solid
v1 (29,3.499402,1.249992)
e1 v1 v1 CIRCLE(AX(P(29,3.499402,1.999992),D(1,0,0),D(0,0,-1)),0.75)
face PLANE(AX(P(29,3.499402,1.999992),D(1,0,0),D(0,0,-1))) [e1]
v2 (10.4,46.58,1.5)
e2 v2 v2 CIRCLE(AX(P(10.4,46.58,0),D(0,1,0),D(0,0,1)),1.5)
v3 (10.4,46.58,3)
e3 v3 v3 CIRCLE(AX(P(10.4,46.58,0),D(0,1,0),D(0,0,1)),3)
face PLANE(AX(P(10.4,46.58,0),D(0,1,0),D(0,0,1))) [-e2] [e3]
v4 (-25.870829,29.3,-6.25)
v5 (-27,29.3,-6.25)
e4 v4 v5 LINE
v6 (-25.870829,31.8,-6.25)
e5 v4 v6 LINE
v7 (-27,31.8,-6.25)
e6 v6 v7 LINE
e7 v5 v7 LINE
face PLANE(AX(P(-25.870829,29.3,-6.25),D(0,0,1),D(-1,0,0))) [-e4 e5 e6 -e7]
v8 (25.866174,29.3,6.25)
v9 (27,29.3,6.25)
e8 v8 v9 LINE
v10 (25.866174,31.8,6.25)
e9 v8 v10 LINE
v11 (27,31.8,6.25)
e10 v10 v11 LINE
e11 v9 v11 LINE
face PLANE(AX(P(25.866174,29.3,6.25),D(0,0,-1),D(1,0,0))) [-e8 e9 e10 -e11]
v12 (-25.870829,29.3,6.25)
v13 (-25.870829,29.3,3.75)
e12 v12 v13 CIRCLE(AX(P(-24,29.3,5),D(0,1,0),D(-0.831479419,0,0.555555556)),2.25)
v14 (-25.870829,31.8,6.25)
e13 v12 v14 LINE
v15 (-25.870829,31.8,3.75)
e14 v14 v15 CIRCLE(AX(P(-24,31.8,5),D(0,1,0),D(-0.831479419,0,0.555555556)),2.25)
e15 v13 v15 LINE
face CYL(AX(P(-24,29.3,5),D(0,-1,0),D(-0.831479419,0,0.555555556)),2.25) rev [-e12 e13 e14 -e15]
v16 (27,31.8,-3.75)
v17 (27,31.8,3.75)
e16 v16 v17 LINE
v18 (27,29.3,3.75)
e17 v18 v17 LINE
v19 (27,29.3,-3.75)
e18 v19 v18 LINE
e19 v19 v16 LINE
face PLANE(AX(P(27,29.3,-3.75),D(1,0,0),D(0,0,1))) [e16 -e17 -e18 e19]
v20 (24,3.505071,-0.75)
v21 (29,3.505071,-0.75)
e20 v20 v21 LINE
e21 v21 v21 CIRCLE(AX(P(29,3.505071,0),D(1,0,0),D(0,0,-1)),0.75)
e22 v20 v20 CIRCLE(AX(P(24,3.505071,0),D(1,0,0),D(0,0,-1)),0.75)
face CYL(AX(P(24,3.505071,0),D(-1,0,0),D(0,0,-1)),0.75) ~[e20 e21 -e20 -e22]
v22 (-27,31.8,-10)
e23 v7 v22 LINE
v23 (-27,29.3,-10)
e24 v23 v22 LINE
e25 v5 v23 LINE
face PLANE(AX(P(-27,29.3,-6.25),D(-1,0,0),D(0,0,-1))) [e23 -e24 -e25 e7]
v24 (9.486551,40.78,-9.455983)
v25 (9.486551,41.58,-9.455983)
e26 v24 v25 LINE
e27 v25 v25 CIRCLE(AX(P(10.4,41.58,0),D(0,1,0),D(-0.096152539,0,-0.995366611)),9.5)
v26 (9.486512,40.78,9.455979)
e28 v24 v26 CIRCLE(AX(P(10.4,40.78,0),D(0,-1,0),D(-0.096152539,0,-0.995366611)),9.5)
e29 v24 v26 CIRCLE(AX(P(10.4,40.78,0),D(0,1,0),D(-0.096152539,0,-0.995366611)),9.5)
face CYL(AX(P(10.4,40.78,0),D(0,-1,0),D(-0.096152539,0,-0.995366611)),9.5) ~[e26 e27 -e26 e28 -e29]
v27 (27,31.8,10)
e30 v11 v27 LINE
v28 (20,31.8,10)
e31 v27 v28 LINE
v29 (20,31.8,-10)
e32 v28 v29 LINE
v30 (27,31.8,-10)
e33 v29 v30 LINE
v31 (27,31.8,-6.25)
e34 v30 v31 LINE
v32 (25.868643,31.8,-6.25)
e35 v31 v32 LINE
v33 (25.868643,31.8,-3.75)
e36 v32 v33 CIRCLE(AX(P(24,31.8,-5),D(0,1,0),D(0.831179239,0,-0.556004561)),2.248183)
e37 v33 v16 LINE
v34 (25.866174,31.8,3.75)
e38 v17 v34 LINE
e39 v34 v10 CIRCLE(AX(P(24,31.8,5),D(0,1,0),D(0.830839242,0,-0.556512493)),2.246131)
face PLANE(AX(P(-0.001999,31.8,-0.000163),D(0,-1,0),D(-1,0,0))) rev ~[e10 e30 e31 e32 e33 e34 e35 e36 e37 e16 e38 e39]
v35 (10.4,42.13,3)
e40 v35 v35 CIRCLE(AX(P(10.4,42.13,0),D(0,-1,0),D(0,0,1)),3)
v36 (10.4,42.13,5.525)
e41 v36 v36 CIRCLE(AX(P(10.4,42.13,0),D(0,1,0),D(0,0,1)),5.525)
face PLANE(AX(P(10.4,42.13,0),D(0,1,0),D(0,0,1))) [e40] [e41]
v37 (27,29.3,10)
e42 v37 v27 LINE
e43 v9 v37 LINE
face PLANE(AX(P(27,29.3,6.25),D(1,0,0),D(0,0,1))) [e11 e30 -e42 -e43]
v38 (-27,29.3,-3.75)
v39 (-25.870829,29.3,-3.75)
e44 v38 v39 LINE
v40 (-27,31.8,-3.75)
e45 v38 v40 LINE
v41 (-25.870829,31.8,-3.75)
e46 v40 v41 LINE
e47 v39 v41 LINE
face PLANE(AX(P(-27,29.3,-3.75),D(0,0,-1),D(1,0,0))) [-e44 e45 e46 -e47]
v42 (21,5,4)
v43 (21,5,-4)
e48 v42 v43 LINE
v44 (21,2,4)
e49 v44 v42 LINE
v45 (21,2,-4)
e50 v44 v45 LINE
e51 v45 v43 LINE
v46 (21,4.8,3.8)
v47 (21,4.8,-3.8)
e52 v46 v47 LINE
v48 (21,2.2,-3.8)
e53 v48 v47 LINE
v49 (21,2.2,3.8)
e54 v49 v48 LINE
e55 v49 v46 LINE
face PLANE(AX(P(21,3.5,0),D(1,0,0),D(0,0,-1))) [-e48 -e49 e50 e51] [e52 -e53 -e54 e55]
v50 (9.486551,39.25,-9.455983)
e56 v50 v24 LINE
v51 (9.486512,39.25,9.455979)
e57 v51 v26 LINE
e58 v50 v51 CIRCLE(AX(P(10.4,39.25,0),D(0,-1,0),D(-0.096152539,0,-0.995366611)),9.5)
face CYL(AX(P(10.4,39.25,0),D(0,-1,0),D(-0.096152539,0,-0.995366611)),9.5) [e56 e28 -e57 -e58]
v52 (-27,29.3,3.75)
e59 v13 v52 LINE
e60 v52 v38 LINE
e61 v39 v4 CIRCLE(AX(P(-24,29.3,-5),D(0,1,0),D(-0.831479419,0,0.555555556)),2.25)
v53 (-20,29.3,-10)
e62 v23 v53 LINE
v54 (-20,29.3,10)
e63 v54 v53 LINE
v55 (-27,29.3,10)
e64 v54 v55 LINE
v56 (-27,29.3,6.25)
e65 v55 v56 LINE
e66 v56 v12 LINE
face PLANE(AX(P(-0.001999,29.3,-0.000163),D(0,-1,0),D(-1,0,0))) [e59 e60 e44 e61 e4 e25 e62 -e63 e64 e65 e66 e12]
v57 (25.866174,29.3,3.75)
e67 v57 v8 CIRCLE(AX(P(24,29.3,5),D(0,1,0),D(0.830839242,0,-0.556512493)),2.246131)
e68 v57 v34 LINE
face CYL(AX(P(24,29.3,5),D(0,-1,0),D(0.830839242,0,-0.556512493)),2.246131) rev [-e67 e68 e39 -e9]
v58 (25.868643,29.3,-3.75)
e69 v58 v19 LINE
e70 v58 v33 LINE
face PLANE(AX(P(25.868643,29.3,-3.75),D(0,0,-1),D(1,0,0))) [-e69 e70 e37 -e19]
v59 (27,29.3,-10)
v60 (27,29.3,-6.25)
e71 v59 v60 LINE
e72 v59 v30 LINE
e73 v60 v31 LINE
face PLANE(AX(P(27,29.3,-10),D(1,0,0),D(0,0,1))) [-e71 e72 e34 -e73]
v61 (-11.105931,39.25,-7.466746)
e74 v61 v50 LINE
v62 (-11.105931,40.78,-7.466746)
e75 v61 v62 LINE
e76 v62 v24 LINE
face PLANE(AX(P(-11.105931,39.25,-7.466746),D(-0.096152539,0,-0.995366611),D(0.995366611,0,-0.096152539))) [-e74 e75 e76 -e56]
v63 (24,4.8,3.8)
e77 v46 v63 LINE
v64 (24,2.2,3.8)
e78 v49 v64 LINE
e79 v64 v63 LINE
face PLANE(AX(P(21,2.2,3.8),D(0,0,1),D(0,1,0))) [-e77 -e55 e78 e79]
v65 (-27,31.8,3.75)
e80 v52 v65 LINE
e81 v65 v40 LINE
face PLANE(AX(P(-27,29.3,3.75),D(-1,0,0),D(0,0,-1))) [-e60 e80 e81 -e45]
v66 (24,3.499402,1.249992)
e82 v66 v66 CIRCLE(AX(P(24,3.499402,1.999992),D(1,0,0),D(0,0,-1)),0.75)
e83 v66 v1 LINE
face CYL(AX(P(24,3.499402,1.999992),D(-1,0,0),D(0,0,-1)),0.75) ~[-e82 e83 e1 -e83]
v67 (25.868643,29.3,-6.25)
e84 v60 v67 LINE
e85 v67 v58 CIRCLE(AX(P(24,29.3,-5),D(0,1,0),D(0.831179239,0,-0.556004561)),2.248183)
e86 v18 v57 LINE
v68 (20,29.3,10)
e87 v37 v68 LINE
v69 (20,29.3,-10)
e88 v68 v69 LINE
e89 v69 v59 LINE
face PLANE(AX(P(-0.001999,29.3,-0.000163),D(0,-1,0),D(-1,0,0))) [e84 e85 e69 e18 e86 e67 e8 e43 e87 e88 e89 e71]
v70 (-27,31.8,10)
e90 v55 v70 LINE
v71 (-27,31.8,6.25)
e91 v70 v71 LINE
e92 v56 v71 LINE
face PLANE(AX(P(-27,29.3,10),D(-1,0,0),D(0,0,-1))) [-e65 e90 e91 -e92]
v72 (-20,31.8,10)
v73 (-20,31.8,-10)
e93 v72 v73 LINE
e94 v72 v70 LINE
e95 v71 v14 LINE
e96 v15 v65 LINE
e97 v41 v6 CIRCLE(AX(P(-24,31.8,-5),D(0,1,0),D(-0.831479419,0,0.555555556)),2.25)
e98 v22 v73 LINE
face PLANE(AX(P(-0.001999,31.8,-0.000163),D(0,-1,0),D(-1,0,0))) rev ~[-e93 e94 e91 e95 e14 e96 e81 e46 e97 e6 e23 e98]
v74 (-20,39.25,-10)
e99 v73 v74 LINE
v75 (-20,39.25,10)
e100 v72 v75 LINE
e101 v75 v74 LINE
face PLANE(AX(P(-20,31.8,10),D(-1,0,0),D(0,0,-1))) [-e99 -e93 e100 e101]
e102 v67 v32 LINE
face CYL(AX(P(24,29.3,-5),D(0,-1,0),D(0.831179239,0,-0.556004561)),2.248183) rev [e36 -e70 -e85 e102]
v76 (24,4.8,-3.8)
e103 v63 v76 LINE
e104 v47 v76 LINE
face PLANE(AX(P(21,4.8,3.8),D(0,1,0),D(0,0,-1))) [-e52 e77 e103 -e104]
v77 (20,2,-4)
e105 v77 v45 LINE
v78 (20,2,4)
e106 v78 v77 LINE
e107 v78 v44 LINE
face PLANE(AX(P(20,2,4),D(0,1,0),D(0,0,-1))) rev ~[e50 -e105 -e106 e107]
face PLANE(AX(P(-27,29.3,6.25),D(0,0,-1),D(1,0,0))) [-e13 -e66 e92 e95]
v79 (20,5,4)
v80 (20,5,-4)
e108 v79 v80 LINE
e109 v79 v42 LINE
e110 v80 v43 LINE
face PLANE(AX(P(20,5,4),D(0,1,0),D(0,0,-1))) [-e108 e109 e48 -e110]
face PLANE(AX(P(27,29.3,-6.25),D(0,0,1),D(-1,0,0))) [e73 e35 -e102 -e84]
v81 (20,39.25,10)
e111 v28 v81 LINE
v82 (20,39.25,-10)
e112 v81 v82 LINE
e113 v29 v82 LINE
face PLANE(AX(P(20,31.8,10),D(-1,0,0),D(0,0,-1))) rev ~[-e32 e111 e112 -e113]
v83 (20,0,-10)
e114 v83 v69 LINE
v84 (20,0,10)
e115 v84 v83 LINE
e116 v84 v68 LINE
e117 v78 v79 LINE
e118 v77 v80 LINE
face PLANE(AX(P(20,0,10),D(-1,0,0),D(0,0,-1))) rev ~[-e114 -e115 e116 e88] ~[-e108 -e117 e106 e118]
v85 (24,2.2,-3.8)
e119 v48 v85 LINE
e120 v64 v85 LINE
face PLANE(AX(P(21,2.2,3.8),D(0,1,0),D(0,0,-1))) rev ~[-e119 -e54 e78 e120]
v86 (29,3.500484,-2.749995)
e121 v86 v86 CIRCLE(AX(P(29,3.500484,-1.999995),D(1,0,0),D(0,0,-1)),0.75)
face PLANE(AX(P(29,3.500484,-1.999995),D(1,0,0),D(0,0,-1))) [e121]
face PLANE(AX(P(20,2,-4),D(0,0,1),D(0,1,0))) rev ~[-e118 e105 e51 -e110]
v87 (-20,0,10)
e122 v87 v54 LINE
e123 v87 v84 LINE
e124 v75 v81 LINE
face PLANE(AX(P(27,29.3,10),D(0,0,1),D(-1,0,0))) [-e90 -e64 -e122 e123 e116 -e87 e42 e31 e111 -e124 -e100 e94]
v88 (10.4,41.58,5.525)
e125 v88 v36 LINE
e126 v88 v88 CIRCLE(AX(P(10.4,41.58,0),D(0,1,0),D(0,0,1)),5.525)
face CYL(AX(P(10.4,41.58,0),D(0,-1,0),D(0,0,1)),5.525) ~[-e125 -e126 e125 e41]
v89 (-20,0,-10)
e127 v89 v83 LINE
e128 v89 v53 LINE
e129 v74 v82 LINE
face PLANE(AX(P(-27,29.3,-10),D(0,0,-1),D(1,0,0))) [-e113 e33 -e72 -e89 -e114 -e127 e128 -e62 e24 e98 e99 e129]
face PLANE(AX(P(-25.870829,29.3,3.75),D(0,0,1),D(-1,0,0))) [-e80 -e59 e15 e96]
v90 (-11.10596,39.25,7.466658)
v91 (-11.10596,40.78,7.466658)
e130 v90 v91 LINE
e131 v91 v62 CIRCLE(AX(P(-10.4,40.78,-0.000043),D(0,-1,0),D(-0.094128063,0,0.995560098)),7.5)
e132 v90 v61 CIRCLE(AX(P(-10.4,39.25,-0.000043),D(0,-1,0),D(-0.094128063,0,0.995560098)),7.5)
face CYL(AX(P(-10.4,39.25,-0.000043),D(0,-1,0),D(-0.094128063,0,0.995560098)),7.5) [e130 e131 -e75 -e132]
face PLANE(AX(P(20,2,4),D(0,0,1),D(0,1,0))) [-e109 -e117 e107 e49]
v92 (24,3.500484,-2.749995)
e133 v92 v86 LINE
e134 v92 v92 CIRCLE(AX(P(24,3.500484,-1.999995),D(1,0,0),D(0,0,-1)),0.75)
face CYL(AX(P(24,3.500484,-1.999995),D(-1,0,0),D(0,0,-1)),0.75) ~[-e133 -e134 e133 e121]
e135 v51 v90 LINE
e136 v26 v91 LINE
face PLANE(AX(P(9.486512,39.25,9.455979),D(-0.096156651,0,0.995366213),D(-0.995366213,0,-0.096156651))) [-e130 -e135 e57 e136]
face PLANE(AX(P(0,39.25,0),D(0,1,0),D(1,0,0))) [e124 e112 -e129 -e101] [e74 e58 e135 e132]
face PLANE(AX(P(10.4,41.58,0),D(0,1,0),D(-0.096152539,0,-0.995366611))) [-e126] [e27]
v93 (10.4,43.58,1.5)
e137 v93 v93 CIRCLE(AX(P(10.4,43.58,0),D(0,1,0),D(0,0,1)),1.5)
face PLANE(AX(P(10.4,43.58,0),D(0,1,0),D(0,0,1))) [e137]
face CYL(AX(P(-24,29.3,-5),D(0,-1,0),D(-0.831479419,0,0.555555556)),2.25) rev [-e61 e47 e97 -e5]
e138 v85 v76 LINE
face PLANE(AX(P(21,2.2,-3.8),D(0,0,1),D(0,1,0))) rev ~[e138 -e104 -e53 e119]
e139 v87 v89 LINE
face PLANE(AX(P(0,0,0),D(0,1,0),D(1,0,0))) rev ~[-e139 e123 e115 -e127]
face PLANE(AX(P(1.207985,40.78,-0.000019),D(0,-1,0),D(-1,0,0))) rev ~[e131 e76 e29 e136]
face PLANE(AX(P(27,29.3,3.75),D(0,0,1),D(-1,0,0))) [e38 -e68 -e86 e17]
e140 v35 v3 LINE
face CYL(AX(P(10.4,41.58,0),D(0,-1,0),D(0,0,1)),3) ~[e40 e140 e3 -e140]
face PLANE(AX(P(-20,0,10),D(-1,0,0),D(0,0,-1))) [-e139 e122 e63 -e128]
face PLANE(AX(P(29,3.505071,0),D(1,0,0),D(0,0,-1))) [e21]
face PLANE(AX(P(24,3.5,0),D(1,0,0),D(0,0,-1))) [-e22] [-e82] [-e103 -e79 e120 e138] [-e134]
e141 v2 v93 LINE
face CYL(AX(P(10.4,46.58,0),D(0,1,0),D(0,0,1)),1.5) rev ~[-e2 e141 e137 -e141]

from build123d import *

# Parameters (mm, degrees)
SKETCH_1_W          = 40
SKETCH_1_H          = 20
EXTRUDE_1_DEPTH     = 29.3
EXTRUDE_2_DEPTH     = 2.5
SKETCH_3_W          = 40
SKETCH_3_H          = 20
EXTRUDE_3_DEPTH     = 7.45
EXTRUDE_4_DEPTH     = 1.53
SKETCH_5_R          = 9.5
EXTRUDE_5_DEPTH     = 0.8
SKETCH_6_R          = 3
EXTRUDE_6_DEPTH     = 5
SKETCH_7_W          = 8
SKETCH_7_H          = 3
EXTRUDE_7_DEPTH     = 1
SKETCH_8_W          = 7.6
SKETCH_8_H          = 2.6
EXTRUDE_8_DEPTH     = 3
SKETCH_9_R          = 0.75
EXTRUDE_9_DEPTH     = 5
SKETCH_10_R         = 1.5
CUT_EXTRUDE_1_DEPTH = 3
SKETCH_11_R         = 5.525
EXTRUDE_11_DEPTH    = 0.55


with BuildPart() as part:
    # 스케치1 → 보스-돌출1 (new body)
    with BuildSketch(Plane(origin=(0, 0, 0), x_dir=(1, 0, 0), z_dir=(0, 1, 0))):
        Rectangle(SKETCH_1_W, SKETCH_1_H)
    extrude(amount=EXTRUDE_1_DEPTH)

    # 스케치2 → 보스-돌출2 (add)
    with BuildSketch(Plane(origin=(0, 29.3, 0), x_dir=(1, 0, 0), z_dir=(0, 1, 0))):
        with BuildLine():
            Line((-27, 10), (27, 10))
            Line((27, 10), (27, 6.25))
            Line((27, 6.25), (25.868643032, 6.25))
            ThreePointArc((25.868643032, 6.25), (21.751817004, 5), (25.868643032, 3.75))
            Line((25.868643032, 3.75), (27, 3.75))
            Line((27, 3.75), (27, -3.75))
            Line((27, -3.75), (25.866173833, -3.75))
            ThreePointArc((25.866173833, -3.75), (21.753868932, -5), (25.866173833, -6.25))
            Line((25.866173833, -6.25), (27, -6.25))
            Line((27, -6.25), (27, -10))
            Line((27, -10), (-27, -10))
            Line((-27, -10), (-27, -6.25))
            Line((-27, -6.25), (-25.870828693, -6.25))
            ThreePointArc((-25.870828693, -6.25), (-21.75, -5), (-25.870828693, -3.75))
            Line((-25.870828693, -3.75), (-27, -3.75))
            Line((-27, -3.75), (-27, 3.75))
            Line((-27, 3.75), (-25.870828693, 3.75))
            ThreePointArc((-25.870828693, 3.75), (-21.75, 5), (-25.870828693, 6.25))
            Line((-25.870828693, 6.25), (-27, 6.25))
            Line((-27, 6.25), (-27, 10))
        make_face()
    extrude(amount=EXTRUDE_2_DEPTH)

    # 스케치3 → 보스-돌출3 (add)
    with BuildSketch(Plane(origin=(0, 31.8, 0), x_dir=(1, 0, 0), z_dir=(0, 1, 0))):
        Rectangle(SKETCH_3_W, SKETCH_3_H)
    extrude(amount=EXTRUDE_3_DEPTH)

    # 스케치4 → 보스-돌출4 (add)
    with BuildSketch(Plane(origin=(0, 39.25, 0), x_dir=(1, 0, 0), z_dir=(0, 1, 0))):
        with BuildLine():
            Line((-11.105930899, 7.466746492), (9.486550883, 9.4559828))
            ThreePointArc((9.486550883, 9.4559828), (19.9, -1.9624e-05), (9.486511816, -9.455979026))
            Line((9.486511816, -9.455979026), (-11.105960469, -7.466657767))
            ThreePointArc((-11.105960469, -7.466657767), (-17.9, 5.7816e-05), (-11.105930899, 7.466746492))
        make_face()
    extrude(amount=EXTRUDE_4_DEPTH)

    # 스케치5 → 보스-돌출5 (add)
    with BuildSketch(Plane(origin=(0, 40.78, 0), x_dir=(1, 0, 0), z_dir=(0, 1, 0))):
        with Locations(Location((10.4, 0, 0), (0, 0, 95.517659112))):
            Circle(SKETCH_5_R)
    extrude(amount=EXTRUDE_5_DEPTH)

    # 스케치6 → 보스-돌출6 (add)
    with BuildSketch(Plane(origin=(0, 41.58, 0), x_dir=(1, 0, 0), z_dir=(0, 1, 0))):
        with Locations(Location((10.4, 0, 0), (0, 0, 270))):
            Circle(SKETCH_6_R)
    extrude(amount=EXTRUDE_6_DEPTH)

    # 스케치7 → 보스-돌출7 (add)
    with BuildSketch(Plane(origin=(20, 0, 0), x_dir=(0, 0, -1), z_dir=(1, 0, 0))):
        with Locations((0, 3.5)):
            Rectangle(SKETCH_7_W, SKETCH_7_H)
    extrude(amount=EXTRUDE_7_DEPTH)

    # 스케치8 → 보스-돌출8 (add)
    with BuildSketch(Plane(origin=(21, 0, 0), x_dir=(0, 0, -1), z_dir=(1, 0, 0))):
        with Locations((0, 3.5)):
            Rectangle(SKETCH_8_W, SKETCH_8_H)
    extrude(amount=EXTRUDE_8_DEPTH)

    # 스케치9 → 보스-돌출9 (add)
    with BuildSketch(Plane(origin=(24, 0, 0), x_dir=(0, 0, -1), z_dir=(1, 0, 0))):
        with Locations((0, 3.505070748)):
            Circle(SKETCH_9_R)
        with Locations((-1.999991967, 3.499402084)):
            Circle(SKETCH_9_R)
        with Locations((1.99999474, 3.500483844)):
            Circle(SKETCH_9_R)
    extrude(amount=EXTRUDE_9_DEPTH)

    # 스케치10 → 컷-돌출1 (cut)
    with BuildSketch(Plane(origin=(0, 46.58, 0), x_dir=(1, 0, 0), z_dir=(0, 1, 0))):
        with Locations(Location((10.4, 0, 0), (0, 0, 270))):
            Circle(SKETCH_10_R)
    extrude(amount=-CUT_EXTRUDE_1_DEPTH, mode=Mode.SUBTRACT)

    # 스케치11 → 보스-돌출11 (add)
    with BuildSketch(Plane(origin=(0, 41.58, 0), x_dir=(1, 0, 0), z_dir=(0, 1, 0))):
        with Locations(Location((10.4, 0, 0), (0, 0, 270))):
            Circle(SKETCH_11_R)
    extrude(amount=EXTRUDE_11_DEPTH)


solid = part.part
